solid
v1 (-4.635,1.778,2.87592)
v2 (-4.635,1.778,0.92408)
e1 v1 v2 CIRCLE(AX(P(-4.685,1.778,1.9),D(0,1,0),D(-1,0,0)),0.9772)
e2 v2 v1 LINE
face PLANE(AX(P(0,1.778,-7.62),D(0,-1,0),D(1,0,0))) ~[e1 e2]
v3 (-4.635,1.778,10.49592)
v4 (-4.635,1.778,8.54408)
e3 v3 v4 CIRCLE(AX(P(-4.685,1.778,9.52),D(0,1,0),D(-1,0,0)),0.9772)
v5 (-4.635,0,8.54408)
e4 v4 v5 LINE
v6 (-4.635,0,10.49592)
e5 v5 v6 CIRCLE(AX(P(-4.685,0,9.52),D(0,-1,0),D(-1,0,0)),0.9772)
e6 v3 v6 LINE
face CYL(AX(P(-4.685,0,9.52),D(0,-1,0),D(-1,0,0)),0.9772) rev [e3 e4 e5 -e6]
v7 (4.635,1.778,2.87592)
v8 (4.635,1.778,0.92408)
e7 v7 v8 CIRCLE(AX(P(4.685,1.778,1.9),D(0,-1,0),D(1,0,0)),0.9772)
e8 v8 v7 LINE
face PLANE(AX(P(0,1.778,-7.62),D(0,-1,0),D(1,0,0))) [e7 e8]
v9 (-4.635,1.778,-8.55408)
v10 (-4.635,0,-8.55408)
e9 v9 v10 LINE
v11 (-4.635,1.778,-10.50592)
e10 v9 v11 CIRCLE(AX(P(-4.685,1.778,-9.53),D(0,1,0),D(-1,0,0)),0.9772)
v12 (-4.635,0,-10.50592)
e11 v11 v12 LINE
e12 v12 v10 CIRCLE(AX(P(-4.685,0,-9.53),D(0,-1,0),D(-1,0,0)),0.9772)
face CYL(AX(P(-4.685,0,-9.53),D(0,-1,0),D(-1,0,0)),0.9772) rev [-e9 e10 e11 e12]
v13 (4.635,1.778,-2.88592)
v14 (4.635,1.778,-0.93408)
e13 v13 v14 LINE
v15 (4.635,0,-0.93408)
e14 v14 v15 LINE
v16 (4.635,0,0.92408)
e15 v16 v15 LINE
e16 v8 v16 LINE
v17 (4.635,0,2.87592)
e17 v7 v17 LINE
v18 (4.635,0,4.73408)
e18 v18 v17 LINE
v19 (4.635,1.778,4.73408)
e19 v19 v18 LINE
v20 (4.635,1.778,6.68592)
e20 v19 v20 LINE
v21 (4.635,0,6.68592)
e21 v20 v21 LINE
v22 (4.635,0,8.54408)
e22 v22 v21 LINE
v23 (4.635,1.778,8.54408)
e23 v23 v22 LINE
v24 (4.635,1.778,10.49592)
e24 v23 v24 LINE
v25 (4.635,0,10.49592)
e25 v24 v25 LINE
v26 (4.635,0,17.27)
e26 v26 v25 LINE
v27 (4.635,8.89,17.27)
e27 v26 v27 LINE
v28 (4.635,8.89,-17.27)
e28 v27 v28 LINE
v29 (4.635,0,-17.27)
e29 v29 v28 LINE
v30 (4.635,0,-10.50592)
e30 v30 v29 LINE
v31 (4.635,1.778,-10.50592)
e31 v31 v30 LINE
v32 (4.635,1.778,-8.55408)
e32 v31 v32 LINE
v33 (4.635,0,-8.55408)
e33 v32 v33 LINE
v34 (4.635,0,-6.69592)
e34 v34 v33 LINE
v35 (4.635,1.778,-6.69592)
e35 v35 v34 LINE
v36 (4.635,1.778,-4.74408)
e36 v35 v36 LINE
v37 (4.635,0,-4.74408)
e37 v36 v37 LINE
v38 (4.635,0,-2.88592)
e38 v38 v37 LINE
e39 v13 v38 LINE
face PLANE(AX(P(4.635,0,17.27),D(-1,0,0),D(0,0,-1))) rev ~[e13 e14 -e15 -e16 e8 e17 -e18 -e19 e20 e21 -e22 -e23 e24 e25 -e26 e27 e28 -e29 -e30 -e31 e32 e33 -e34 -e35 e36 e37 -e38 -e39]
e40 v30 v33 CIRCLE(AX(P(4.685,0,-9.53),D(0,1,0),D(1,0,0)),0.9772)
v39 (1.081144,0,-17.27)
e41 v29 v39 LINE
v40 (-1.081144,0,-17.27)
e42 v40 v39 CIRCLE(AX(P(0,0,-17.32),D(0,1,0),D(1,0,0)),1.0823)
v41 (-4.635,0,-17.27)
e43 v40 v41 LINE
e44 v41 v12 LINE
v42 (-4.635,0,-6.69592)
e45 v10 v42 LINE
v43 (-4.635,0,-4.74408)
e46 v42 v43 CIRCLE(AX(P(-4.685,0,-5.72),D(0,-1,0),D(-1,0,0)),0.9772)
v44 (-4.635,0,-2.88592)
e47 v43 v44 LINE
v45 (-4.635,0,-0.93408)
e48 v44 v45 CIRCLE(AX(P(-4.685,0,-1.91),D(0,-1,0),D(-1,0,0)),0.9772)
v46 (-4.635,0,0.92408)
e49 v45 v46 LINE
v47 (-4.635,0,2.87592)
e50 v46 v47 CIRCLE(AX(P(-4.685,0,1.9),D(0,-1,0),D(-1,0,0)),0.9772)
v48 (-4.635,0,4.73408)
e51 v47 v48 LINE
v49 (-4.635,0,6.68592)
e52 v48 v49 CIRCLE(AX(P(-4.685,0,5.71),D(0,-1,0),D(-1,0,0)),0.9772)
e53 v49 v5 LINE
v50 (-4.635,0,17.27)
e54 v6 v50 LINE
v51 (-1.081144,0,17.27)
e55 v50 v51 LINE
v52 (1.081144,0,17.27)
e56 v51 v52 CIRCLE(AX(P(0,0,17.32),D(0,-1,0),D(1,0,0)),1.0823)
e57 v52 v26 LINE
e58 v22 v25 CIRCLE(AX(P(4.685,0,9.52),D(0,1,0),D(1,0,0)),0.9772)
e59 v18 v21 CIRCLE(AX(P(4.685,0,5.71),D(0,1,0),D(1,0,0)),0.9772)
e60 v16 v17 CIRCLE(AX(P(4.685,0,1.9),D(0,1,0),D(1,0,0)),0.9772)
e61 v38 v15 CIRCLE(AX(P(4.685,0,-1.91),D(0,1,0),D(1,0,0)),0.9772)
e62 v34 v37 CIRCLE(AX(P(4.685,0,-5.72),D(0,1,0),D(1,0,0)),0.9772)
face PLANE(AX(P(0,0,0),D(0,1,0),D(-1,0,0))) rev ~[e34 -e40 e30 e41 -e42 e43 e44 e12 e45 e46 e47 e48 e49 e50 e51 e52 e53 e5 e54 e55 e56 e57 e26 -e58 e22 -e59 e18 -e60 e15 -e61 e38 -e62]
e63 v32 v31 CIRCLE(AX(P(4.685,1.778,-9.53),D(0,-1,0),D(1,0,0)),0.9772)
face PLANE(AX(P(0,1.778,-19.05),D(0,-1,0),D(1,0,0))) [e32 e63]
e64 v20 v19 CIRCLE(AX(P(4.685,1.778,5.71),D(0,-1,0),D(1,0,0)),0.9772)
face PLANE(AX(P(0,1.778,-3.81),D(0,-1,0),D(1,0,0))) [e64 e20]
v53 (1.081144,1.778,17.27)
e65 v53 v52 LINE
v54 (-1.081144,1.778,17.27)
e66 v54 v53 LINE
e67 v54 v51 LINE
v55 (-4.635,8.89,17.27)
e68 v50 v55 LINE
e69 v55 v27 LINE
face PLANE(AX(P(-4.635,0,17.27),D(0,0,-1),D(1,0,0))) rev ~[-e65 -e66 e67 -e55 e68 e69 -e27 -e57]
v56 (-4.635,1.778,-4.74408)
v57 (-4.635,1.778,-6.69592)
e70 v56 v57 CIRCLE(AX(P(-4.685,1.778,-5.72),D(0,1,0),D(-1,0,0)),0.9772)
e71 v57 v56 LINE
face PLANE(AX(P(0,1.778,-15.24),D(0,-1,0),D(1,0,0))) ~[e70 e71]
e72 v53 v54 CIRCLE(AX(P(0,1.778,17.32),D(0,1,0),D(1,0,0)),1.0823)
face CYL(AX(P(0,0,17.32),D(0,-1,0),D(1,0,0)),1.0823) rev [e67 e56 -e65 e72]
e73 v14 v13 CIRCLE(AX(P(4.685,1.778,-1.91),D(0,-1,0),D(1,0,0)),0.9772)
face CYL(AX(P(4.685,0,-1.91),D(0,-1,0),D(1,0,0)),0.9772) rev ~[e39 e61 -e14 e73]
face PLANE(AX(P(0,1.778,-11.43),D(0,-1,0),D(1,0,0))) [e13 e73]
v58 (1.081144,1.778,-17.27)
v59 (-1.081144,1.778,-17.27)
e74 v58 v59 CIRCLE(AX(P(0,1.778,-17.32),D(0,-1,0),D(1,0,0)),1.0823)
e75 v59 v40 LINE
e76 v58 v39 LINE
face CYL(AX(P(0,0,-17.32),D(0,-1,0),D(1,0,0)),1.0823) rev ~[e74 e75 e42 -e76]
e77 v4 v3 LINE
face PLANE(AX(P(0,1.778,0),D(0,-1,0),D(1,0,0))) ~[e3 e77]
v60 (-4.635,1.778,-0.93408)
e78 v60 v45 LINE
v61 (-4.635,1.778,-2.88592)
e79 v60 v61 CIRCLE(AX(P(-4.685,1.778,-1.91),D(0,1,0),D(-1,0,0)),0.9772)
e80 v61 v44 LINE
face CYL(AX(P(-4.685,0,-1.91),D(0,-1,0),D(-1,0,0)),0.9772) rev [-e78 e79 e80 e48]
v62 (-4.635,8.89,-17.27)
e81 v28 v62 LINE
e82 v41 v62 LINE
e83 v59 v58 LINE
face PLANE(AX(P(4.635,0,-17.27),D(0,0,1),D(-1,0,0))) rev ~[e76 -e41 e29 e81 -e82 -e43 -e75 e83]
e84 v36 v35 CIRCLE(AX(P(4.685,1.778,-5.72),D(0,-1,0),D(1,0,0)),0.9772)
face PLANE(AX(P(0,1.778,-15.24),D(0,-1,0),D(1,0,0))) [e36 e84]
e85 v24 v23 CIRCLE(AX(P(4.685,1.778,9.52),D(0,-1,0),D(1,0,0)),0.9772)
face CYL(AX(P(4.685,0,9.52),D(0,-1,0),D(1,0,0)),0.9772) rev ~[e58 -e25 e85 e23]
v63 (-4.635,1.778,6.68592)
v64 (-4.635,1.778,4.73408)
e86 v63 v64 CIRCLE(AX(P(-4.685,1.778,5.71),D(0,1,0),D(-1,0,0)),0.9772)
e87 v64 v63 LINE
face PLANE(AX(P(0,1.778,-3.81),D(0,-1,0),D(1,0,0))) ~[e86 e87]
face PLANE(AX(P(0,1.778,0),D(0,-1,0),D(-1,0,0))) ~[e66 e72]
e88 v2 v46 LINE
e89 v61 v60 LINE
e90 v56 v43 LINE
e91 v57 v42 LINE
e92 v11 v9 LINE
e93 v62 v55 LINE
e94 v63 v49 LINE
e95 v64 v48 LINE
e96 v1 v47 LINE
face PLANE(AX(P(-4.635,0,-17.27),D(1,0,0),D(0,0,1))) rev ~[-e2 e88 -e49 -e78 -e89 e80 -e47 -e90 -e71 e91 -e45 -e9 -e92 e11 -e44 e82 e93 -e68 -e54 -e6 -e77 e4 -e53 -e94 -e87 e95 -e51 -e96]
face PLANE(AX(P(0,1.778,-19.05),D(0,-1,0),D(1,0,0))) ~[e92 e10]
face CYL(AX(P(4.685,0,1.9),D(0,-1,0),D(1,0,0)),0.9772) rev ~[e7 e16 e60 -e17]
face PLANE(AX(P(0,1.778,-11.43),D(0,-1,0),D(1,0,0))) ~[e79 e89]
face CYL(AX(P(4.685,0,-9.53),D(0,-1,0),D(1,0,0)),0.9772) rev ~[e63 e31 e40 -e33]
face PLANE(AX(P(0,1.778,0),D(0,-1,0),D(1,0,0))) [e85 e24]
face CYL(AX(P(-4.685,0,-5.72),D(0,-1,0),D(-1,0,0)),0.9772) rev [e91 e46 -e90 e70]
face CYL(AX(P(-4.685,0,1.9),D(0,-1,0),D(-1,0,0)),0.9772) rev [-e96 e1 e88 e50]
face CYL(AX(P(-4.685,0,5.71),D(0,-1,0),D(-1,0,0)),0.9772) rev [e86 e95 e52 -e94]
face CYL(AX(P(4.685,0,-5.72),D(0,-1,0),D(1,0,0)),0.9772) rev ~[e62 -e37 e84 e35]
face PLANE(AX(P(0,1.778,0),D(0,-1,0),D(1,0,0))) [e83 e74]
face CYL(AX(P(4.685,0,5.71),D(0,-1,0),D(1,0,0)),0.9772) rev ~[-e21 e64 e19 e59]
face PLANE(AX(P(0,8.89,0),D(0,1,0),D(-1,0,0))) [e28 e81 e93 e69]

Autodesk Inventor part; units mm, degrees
ref_plane "YZ Plane" through (0, 0, 0) normal (1, 0, 0) x (0, 1, 0)
ref_plane "XZ Plane" through (0, 0, 0) normal (0, 1, 0) x (-1, 0, 0)
ref_plane "XY Plane" through (0, 0, 0) normal (0, 0, 1) x (1, 0, 0)
sketch "Sketch1" plane through (0, 0, 0) normal (0, 1, 0) x (-1, 0, 0)
  line L0 (4.635, 17.27) -> (-4.635, 17.27)
  line L1 (-4.635, 17.27) -> (-4.635, -17.27)
  line L2 (-4.635, -17.27) -> (4.635, -17.27)
  line L3 (4.635, -17.27) -> (4.635, 17.27)
  point P0 (0, 0)
  dimension "d0" = 9.27
  dimension "d1" = 4.635
  dimension "d2" = 34.54
  dimension "d3" = 17.27
extrude "Extrusion1" add sketch "Sketch1" along normal blind 8.89
sketch "Sketch2" plane through (0, 0, 0) normal (0, -1, 0) x (1, 0, 0)
  line L0 (4.685, 10.79) -> (2.145, 10.79)
  line L1 (2.145, 10.79) -> (2.145, 8.25)
  line L2 (2.145, 8.25) -> (4.685, 8.25)
  line L3 (4.685, 8.25) -> (4.685, 10.79)
  line L4 (4.635, 17.27) -> (4.635, -17.27) projected
  line L5 (-4.635, 17.27) -> (4.635, 17.27) projected
  circle A0 centre (4.685, 9.52) radius 0.9772
  point P0 (0, 0)
  dimension "d6" = 2.54
  dimension "d7" = 2.54
  dimension "d8" = 0.05
  dimension "d9" = 6.48
extrude "Extrusion2" cut sketch "Sketch2" against normal blind 1.778 contours A0 L3 | L3 A0 L4 | L4 A0
pattern_linear "Rectangular Pattern1" count 6 spacing 3.81 along (0, 0, -1) of "Extrusion2"
mirror "Mirror1" about plane through (0, 0, 0) normal (1, 0, 0) of "Extrusion2", "Rectangular Pattern1"
sketch "Sketch3" plane through (0, 0, 0) normal (0, -1, 0) x (1, 0, 0)
  line L0 (1.27, -14.78) -> (-1.27, -14.78)
  line L1 (-1.27, -14.78) -> (-1.27, -17.32)
  line L2 (-1.27, -17.32) -> (1.27, -17.32)
  line L3 (1.27, -17.32) -> (1.27, -14.78)
  line L4 (4.635, -17.27) -> (-4.635, -17.27) projected
  circle A0 centre (0, -17.32) radius 1.0823
  point P0 (0, 0)
  dimension "d15" = 2.54
  dimension "d16" = 1.27
  dimension "d17" = 2.54
  dimension "d18" = 0.05
extrude "Extrusion3" cut sketch "Sketch3" against normal blind 1.778 contours A0 L2 L4 | L4 A0 | A0 L2
mirror "Mirror2" about plane through (0, 0, 0) normal (0, 0, 1) of "Extrusion3"
properties part number "MC_HQ1157"
